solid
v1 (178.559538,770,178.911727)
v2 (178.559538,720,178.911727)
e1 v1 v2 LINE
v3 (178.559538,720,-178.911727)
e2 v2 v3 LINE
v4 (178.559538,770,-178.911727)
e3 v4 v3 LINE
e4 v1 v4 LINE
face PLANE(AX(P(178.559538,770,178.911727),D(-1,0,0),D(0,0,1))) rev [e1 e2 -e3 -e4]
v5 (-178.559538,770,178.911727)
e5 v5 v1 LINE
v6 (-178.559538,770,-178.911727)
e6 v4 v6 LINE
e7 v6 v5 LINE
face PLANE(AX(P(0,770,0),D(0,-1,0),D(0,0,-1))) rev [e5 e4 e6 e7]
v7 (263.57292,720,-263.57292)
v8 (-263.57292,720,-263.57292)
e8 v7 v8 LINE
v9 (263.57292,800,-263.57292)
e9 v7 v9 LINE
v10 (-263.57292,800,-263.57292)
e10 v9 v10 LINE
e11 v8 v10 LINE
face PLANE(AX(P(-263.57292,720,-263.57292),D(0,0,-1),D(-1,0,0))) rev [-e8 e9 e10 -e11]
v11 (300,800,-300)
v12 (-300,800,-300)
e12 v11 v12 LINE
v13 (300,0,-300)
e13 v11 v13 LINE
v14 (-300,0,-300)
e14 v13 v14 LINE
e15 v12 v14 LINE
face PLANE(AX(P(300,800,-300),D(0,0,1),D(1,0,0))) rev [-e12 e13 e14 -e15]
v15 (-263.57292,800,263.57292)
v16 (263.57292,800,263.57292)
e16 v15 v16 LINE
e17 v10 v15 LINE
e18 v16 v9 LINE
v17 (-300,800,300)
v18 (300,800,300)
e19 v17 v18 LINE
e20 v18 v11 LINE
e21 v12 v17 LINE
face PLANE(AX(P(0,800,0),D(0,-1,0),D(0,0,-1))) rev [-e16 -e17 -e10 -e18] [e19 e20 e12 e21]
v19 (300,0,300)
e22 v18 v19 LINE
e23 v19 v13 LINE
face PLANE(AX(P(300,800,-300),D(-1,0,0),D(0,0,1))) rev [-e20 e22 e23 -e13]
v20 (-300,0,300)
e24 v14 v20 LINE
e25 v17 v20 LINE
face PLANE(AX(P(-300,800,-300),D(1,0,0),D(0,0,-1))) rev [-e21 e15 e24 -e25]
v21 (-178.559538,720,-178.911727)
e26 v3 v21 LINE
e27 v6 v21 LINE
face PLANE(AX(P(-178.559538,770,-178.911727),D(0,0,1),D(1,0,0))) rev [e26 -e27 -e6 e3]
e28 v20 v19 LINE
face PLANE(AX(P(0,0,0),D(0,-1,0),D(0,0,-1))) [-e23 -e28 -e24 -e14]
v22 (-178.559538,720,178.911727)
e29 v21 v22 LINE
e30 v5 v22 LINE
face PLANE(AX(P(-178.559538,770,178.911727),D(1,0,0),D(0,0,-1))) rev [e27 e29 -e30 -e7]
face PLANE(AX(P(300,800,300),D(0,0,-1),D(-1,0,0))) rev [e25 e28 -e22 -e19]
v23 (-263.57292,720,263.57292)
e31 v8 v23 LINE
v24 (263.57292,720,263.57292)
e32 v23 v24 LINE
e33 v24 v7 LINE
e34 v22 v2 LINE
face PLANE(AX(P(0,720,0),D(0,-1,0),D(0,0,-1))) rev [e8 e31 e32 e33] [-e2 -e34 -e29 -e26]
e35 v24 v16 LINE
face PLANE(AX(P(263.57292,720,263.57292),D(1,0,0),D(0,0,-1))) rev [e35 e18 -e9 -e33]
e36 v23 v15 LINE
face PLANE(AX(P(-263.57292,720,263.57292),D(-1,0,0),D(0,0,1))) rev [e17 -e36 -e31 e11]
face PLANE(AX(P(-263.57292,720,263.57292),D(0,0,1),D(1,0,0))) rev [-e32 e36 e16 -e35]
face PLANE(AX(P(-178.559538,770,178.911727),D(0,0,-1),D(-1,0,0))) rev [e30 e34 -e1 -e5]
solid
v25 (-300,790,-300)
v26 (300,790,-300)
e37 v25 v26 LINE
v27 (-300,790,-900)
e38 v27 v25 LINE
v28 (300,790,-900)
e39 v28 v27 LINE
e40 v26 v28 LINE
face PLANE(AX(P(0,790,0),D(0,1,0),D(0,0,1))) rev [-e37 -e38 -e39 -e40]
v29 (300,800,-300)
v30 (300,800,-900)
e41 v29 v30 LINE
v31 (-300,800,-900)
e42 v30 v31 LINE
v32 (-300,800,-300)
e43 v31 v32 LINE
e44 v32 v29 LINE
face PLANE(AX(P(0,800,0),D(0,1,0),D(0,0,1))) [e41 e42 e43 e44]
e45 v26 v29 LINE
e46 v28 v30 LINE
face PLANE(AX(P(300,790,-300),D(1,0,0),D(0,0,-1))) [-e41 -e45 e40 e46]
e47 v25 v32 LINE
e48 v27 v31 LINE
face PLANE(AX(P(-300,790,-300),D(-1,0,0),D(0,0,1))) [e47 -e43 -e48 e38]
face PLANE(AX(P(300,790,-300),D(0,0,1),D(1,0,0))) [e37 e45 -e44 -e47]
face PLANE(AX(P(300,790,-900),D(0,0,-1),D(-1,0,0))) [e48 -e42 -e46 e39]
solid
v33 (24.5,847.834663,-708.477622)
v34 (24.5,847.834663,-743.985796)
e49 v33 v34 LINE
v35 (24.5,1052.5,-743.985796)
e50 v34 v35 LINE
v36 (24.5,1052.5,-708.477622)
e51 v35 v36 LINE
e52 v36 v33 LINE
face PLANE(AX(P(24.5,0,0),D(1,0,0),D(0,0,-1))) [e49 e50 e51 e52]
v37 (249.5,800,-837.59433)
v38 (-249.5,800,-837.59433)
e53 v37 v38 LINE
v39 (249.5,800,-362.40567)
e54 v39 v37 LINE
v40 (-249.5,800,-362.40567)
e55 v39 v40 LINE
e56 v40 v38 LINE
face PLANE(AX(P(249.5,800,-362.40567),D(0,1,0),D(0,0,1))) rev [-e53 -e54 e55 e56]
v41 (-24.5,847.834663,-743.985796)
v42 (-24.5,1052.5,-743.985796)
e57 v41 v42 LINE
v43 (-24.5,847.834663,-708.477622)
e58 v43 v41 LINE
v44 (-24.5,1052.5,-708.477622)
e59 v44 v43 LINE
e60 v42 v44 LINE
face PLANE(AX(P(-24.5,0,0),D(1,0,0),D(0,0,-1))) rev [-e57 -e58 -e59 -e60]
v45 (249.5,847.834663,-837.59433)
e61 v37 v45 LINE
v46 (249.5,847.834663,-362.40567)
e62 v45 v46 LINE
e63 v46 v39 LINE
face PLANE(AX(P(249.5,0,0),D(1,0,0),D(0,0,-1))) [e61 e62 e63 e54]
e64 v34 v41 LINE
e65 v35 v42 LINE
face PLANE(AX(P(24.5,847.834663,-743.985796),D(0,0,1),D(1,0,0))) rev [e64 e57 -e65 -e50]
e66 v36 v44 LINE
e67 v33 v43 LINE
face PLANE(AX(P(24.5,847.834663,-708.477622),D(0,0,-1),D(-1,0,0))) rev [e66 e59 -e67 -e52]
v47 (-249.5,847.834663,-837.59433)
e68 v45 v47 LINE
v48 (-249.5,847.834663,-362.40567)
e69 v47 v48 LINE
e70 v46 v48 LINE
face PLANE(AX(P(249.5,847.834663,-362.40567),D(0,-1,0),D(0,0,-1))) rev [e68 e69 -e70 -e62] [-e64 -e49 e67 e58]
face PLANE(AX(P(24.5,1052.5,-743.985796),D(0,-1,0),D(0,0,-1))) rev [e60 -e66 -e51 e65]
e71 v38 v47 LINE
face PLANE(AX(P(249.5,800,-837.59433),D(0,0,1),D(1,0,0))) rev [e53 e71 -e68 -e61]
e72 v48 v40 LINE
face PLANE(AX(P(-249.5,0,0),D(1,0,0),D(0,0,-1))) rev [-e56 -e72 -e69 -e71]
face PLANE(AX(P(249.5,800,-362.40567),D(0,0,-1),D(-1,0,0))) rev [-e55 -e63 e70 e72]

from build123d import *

# Parameters (mm, degrees)
SKETCH1_W           = 600
SKETCH1_H           = 600
BOSS_EXTRUDE1_DEPTH = 800
SKETCH2_W           = 527.145840922
SKETCH2_H           = 527.145840922
CUT_EXTRUDE2_DEPTH  = 80
SKETCH3_W           = 357.119076562
SKETCH3_H           = 357.823453438
BOSS_EXTRUDE2_DEPTH = 50
SKETCH4_W           = 600
SKETCH4_H           = 600
BOSS_EXTRUDE3_DEPTH = 10
SKETCH7_W           = 475.188659882
SKETCH7_H           = 47.834663464
BOSS_EXTRUDE8_DEPTH = 249.5
SKETCH15_W          = 35.508173295
SKETCH15_H          = 204.665336536
BOSS_EXTRUDE9_DEPTH = 24.5


with BuildPart() as part:
    # Sketch1 → Boss-Extrude1 (new body)
    with BuildSketch(Plane(origin=(0, 0, 0), x_dir=(1, 0, 0), z_dir=(0, 1, 0))):
        Rectangle(SKETCH1_W, SKETCH1_H)
    extrude(amount=BOSS_EXTRUDE1_DEPTH)

    # Sketch2 → Cut-Extrude2 (cut)
    with BuildSketch(Plane(origin=(0, 800, 0), x_dir=(1, 0, 0), z_dir=(0, 1, 0))):
        Rectangle(SKETCH2_W, SKETCH2_H)
    extrude(amount=-CUT_EXTRUDE2_DEPTH, mode=Mode.SUBTRACT)

    # Sketch3 → Boss-Extrude2 (add)
    with BuildSketch(Plane(origin=(0, 720, 0), x_dir=(1, 0, 0), z_dir=(0, 1, 0))):
        Rectangle(SKETCH3_W, SKETCH3_H)
    extrude(amount=BOSS_EXTRUDE2_DEPTH)


with BuildPart() as body_2:
    # Sketch4 → Boss-Extrude3 (new body)
    with BuildSketch(Plane(origin=(0, 800, 0), x_dir=(1, 0, 0), z_dir=(0, 1, 0))):
        with Locations((0, 600)):
            Rectangle(SKETCH4_W, SKETCH4_H)
    extrude(amount=-BOSS_EXTRUDE3_DEPTH)


with BuildPart() as body_3:
    # Sketch7 → Boss-Extrude8 (new body, symmetric)
    with BuildSketch(Plane(origin=(0, 0, 0), x_dir=(0, 0, -1), z_dir=(1, 0, 0))):
        with Locations((600, 823.917331732)):
            Rectangle(SKETCH7_W, SKETCH7_H)
    extrude(amount=BOSS_EXTRUDE8_DEPTH, both=True)

    # Sketch15 → Boss-Extrude9 (add, symmetric)
    with BuildSketch(Plane(origin=(0, 0, 0), x_dir=(0, 0, -1), z_dir=(1, 0, 0))):
        with Locations((726.23170897, 950.167331732)):
            Rectangle(SKETCH15_W, SKETCH15_H)
    extrude(amount=BOSS_EXTRUDE9_DEPTH, both=True)


solid = Compound([part.part, body_2.part, body_3.part])
